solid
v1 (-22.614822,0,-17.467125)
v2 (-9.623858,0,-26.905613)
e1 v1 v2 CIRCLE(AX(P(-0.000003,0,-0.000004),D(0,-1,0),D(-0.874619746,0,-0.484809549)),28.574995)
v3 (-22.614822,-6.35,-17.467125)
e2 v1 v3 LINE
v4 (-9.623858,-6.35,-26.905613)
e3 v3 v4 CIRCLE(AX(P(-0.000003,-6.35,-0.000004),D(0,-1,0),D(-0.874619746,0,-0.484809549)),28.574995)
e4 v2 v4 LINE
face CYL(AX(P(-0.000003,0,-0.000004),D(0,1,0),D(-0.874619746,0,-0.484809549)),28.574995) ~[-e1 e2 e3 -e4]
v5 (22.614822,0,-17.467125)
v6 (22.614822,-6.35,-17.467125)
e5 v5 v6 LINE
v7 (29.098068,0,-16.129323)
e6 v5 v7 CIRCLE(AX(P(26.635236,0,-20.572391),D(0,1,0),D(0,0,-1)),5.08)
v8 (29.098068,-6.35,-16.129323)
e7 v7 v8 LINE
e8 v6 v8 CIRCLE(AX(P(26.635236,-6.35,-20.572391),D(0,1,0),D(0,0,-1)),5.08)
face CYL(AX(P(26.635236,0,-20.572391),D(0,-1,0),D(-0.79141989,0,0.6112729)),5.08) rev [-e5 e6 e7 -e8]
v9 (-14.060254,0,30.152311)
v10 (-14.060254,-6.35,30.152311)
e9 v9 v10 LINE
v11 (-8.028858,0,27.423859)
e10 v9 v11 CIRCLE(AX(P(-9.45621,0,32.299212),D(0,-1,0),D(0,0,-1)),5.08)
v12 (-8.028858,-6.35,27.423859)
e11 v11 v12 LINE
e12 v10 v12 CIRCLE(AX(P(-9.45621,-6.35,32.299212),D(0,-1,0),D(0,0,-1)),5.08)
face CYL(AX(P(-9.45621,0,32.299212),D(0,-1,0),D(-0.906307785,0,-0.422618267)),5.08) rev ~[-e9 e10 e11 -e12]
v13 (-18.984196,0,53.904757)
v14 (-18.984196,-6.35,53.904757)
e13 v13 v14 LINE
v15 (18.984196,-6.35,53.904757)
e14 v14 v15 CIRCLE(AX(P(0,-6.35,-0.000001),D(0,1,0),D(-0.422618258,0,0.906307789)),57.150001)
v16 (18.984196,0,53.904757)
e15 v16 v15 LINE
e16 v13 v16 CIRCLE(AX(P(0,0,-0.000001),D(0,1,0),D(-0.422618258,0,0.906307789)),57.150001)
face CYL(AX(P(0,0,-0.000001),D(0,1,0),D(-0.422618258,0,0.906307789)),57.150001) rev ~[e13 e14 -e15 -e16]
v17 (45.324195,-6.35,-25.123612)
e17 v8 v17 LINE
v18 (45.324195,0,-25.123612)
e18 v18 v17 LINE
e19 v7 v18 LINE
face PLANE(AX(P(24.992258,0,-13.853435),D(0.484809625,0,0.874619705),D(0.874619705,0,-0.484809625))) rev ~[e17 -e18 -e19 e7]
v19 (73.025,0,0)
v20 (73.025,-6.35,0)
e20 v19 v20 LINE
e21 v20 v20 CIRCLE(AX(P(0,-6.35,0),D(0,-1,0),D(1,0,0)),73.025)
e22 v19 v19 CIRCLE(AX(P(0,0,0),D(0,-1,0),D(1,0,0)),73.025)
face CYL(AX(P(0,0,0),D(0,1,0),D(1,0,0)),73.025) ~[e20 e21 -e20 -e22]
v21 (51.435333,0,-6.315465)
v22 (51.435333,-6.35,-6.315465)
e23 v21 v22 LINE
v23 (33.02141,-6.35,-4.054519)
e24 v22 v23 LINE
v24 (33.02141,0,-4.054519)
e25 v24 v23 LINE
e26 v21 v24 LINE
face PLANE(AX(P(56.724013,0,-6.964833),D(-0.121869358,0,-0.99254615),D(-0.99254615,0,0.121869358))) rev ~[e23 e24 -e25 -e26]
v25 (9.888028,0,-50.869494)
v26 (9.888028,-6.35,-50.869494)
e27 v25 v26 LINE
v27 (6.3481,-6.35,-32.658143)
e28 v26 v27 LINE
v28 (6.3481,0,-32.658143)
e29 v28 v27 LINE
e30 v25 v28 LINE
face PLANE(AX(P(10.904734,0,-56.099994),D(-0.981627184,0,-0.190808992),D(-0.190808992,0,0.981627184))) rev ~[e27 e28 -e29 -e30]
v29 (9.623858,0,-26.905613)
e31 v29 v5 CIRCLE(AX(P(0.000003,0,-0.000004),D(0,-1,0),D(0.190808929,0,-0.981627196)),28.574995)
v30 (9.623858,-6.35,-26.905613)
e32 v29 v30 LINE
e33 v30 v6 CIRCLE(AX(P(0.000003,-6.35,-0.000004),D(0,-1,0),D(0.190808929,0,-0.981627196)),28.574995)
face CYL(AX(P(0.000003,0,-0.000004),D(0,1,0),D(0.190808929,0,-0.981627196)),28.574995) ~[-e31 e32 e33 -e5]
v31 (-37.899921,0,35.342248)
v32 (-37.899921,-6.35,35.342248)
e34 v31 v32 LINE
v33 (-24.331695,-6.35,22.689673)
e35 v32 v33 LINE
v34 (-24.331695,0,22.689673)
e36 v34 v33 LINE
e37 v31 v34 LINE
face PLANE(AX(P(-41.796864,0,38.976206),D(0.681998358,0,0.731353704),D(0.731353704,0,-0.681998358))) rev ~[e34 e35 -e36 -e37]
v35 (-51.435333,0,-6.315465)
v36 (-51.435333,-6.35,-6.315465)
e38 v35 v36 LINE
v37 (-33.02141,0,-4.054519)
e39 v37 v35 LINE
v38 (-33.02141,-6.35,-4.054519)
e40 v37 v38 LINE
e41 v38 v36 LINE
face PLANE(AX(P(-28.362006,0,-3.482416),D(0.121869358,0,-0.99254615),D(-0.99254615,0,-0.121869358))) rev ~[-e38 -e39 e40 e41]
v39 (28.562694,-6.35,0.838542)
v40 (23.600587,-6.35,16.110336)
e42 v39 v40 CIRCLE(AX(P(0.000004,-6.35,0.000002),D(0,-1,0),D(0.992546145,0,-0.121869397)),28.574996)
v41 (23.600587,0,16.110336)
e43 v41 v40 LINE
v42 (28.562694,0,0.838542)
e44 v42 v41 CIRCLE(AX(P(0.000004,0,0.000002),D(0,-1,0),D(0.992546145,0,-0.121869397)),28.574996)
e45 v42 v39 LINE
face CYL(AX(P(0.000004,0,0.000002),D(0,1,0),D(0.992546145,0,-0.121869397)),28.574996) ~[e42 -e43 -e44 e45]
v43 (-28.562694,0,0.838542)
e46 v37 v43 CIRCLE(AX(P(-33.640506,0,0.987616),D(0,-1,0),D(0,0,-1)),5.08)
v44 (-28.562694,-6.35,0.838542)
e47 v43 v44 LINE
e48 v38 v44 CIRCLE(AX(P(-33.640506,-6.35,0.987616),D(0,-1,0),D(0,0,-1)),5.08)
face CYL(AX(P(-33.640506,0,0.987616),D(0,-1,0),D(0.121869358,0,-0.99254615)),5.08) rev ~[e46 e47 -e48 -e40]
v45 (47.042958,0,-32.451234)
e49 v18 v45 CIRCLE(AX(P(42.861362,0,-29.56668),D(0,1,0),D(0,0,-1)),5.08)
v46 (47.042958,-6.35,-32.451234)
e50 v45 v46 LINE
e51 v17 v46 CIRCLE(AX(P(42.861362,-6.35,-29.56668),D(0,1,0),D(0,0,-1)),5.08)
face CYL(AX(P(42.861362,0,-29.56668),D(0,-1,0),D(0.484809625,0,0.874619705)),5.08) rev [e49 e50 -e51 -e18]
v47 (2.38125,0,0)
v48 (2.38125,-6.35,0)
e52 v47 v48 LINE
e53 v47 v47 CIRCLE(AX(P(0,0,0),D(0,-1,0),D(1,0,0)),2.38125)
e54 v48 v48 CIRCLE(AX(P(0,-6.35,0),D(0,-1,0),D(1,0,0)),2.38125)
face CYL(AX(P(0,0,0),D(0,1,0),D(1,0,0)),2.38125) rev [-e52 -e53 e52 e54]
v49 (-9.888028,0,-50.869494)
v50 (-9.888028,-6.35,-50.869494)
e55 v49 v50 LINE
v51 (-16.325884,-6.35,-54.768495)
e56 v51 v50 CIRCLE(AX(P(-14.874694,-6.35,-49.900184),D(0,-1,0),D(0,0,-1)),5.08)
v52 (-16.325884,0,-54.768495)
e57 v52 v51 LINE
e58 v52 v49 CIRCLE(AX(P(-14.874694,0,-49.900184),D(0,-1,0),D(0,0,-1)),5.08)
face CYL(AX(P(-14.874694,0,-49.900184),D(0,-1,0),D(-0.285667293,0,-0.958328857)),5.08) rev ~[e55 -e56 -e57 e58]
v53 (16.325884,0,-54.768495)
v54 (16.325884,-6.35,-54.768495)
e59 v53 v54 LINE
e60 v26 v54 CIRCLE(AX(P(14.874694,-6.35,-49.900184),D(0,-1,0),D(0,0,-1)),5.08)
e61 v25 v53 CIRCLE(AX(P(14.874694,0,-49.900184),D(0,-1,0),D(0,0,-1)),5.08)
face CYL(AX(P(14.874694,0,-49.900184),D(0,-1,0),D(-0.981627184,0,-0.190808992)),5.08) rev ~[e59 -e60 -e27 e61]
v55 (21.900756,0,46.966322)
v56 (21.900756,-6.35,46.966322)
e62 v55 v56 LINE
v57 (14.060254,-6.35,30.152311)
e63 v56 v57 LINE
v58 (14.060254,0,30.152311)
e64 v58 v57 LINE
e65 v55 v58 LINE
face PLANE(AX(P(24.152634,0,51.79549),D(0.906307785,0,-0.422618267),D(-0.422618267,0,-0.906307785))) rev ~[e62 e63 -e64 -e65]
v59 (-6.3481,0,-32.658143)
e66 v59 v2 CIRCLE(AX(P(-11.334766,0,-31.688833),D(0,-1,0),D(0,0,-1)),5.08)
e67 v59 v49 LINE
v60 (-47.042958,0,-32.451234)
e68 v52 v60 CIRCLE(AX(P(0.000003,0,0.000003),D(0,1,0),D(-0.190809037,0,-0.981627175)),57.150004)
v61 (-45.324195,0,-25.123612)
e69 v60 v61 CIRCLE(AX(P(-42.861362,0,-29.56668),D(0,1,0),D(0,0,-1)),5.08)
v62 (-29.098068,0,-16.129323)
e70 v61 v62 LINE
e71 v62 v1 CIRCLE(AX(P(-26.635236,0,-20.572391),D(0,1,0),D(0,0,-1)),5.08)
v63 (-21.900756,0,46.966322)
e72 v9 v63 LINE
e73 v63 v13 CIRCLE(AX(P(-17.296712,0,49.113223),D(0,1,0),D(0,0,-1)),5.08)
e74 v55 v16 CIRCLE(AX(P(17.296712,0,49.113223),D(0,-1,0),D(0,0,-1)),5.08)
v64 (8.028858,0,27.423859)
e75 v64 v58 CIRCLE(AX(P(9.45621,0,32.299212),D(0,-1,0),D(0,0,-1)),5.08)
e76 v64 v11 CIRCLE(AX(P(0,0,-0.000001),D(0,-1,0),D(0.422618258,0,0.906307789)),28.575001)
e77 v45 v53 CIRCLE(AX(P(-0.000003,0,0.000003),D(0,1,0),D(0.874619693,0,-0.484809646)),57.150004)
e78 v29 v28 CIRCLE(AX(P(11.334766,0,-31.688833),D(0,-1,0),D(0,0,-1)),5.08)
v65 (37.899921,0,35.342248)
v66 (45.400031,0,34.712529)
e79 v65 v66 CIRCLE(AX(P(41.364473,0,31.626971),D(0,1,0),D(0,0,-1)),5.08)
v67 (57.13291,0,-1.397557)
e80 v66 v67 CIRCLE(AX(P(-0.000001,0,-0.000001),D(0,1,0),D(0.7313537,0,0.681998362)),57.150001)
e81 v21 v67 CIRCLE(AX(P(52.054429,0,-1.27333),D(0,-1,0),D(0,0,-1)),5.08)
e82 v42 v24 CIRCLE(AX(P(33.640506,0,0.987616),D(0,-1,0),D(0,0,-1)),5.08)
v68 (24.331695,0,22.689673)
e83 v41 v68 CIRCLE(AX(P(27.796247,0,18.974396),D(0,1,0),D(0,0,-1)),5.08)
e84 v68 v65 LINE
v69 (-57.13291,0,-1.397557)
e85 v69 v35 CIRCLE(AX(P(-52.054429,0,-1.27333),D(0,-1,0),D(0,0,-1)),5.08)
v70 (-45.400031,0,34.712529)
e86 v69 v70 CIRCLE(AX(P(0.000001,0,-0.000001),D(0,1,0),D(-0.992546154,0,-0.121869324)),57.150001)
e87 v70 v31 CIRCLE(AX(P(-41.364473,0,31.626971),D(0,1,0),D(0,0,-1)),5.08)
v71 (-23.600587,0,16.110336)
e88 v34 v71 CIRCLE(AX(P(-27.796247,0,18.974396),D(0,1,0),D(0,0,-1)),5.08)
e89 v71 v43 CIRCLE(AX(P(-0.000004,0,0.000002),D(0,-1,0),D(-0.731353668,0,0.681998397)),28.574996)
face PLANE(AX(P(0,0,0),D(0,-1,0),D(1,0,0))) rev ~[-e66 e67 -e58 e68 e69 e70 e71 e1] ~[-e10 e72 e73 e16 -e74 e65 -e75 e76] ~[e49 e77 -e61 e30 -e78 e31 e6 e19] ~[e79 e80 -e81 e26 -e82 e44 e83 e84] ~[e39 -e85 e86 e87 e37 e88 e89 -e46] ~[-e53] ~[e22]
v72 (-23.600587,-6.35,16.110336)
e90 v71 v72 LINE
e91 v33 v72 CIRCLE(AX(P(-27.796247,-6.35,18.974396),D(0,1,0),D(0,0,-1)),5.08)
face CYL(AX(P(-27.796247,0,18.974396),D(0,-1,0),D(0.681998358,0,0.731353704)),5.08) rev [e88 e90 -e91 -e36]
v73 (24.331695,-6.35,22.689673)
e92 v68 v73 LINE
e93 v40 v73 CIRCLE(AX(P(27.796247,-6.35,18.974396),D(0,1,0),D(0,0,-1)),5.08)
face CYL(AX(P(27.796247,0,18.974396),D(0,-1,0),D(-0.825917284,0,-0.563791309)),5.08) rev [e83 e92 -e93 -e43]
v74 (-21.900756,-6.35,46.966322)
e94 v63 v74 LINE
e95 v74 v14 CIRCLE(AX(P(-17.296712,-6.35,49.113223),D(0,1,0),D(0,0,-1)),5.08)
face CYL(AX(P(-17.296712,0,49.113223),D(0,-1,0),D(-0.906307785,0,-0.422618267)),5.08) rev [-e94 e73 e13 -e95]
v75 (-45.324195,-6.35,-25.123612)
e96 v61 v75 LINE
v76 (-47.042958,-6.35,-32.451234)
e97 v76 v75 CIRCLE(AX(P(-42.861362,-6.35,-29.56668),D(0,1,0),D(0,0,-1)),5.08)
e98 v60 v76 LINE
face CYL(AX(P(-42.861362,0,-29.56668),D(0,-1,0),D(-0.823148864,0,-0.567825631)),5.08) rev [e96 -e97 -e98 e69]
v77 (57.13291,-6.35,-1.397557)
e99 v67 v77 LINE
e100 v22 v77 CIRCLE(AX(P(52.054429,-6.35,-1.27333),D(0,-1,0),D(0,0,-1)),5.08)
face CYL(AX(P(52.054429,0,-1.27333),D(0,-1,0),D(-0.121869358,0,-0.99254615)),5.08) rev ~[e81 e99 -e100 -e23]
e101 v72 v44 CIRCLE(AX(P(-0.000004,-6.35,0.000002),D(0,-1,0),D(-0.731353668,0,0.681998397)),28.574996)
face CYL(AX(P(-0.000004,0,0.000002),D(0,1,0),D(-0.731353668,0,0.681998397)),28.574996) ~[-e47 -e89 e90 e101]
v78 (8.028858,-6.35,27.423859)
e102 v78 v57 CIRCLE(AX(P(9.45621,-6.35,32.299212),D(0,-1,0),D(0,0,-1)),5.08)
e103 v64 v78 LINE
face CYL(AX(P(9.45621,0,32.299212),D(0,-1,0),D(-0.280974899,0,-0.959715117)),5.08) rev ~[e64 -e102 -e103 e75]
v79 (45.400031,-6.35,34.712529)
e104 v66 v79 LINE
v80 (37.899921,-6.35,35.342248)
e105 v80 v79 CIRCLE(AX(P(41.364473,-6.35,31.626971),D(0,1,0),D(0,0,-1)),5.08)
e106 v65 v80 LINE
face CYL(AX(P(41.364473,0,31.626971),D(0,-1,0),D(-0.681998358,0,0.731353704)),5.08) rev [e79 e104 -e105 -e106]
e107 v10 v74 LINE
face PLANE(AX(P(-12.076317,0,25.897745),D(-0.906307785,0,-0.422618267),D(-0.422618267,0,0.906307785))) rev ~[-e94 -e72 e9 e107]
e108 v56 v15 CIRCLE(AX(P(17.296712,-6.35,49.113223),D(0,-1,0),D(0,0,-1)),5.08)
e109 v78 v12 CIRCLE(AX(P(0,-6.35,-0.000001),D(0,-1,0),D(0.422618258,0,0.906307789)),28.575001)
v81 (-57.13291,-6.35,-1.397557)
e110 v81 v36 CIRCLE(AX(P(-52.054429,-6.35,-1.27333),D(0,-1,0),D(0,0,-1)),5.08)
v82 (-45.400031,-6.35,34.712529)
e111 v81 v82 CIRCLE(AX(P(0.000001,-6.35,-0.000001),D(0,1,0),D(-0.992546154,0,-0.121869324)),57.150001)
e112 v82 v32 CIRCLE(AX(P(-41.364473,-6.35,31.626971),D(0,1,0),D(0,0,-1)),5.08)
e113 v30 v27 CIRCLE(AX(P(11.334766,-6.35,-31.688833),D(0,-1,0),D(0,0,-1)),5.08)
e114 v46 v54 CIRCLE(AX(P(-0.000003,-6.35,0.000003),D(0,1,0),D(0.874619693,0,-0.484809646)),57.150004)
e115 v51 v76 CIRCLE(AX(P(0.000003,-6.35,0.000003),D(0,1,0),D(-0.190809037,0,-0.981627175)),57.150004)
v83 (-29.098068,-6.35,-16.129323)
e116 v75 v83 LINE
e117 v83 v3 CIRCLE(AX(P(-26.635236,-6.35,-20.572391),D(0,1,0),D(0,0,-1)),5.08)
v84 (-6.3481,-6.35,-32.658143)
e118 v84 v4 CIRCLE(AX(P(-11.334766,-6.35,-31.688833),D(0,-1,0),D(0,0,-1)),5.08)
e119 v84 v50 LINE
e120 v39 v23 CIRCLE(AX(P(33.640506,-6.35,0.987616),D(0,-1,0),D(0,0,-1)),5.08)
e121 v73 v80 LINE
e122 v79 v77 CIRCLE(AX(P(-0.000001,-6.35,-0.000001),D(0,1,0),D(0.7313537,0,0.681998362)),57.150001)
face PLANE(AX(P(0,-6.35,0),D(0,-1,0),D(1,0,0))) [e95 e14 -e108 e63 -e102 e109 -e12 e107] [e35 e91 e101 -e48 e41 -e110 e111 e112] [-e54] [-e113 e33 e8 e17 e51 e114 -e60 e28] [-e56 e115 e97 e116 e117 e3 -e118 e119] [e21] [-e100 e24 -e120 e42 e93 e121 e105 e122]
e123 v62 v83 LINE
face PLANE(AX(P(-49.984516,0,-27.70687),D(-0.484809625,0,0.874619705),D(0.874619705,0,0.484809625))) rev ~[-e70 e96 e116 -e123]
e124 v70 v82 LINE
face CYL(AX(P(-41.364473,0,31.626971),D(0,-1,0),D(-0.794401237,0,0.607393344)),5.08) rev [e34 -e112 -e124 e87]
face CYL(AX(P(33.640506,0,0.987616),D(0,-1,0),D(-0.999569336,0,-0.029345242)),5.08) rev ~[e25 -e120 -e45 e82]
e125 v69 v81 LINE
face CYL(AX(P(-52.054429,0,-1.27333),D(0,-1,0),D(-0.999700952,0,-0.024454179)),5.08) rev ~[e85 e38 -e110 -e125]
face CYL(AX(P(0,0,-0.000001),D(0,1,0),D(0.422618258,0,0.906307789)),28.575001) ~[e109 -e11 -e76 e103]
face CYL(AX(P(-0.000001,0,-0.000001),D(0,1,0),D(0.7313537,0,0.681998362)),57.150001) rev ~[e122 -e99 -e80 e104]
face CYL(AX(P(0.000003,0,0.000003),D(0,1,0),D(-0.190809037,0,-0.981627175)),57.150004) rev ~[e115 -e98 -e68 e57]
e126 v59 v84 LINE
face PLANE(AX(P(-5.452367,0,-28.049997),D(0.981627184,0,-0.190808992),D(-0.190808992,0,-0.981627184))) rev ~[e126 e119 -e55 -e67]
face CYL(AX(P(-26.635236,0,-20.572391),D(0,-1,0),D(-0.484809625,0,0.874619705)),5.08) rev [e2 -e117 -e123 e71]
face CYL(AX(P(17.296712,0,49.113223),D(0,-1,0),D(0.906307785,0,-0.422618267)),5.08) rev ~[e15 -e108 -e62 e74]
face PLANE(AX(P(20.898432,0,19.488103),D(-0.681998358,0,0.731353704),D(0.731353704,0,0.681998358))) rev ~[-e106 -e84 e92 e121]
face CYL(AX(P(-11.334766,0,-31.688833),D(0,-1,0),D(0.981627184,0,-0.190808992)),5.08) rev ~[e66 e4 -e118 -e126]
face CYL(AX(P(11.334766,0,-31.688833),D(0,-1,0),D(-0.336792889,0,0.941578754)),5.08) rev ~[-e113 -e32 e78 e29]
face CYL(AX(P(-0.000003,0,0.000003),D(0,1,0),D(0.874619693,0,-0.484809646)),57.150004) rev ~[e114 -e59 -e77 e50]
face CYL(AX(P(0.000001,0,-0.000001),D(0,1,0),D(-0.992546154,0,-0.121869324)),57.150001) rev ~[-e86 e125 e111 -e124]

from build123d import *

# Parameters (mm, degrees)
F0_R     = 73.025
F0_R_2   = 2.38125
F1_DEPTH = 6.35
F2_R     = 5.08


with BuildPart() as f1:
    # F0 (on Front) → F1 (new body)
    with BuildSketch(Plane.XZ):
        Circle(F0_R)
        with BuildLine():
            Line((-49.984516, -27.70687), (-24.992258, -13.853435))
            ThreePointArc((-24.992258, -13.853435), (-16.795964, -23.117661), (-5.452367, -28.049997))
            Line((-5.452367, -28.049997), (-10.904734, -56.099994))
            ThreePointArc((-10.904734, -56.099994), (-33.591927, -46.235321), (-49.984516, -27.70687))
        make_face(mode=Mode.SUBTRACT)
        with BuildLine():
            Line((24.992258, -13.853435), (49.984516, -27.70687))
            ThreePointArc((49.984516, -27.70687), (33.591927, -46.235321), (10.904734, -56.099994))
            Line((10.904734, -56.099994), (5.452367, -28.049997))
            ThreePointArc((5.452367, -28.049997), (16.795964, -23.117661), (24.992258, -13.853435))
        make_face(mode=Mode.SUBTRACT)
        with BuildLine():
            Line((-41.796864, 38.976206), (-20.898432, 19.488103))
            ThreePointArc((-20.898432, 19.488103), (-27.17644, 8.830161), (-28.362006, -3.482416))
            Line((-28.362006, -3.482416), (-56.724013, -6.964833))
            ThreePointArc((-56.724013, -6.964833), (-54.35288, 17.660321), (-41.796864, 38.976206))
        make_face(mode=Mode.SUBTRACT)
        Circle(F0_R_2, mode=Mode.SUBTRACT)
        with BuildLine():
            Line((20.898432, 19.488103), (41.796864, 38.976206))
            ThreePointArc((41.796864, 38.976206), (54.35288, 17.660321), (56.724013, -6.964833))
            Line((56.724013, -6.964833), (28.362006, -3.482416))
            ThreePointArc((28.362006, -3.482416), (27.17644, 8.830161), (20.898432, 19.488103))
        make_face(mode=Mode.SUBTRACT)
        with BuildLine():
            ThreePointArc((-24.152634, 51.79549), (0, 57.15), (24.152634, 51.79549))
            Line((24.152634, 51.79549), (12.076317, 25.897745))
            ThreePointArc((12.076317, 25.897745), (0, 28.575), (-12.076317, 25.897745))
            Line((-12.076317, 25.897745), (-24.152634, 51.79549))
        make_face(mode=Mode.SUBTRACT)
    extrude(amount=F1_DEPTH)

    # F2
    f2_edges = [f1.edges().sort_by_distance(p)[0] for p in [
        (12.076317, -3.175, 25.897745),
        (-12.076317, -3.175, 25.897745),
        (-20.898432, -3.175, 19.488103),
        (-28.362006, -3.175, -3.482416),
        (-24.992258, -3.175, -13.853435),
        (-5.452367, -3.175, -28.049997),
        (5.452367, -3.175, -28.049997),
        (24.992258, -3.175, -13.853435),
        (28.362006, -3.175, -3.482416),
        (20.898432, -3.175, 19.488103),
        (-24.152634, -3.175, 51.79549),
        (-41.796864, -3.175, 38.976206),
        (-56.724013, -3.175, -6.964833),
        (-49.984516, -3.175, -27.70687),
        (-10.904734, -3.175, -56.099994),
        (10.904734, -3.175, -56.099994),
        (49.984516, -3.175, -27.70687),
        (56.724013, -3.175, -6.964833),
        (41.796864, -3.175, 38.976206),
        (24.152634, -3.175, 51.79549),
    ]]
    fillet(f2_edges, radius=F2_R)


solid = f1.part
